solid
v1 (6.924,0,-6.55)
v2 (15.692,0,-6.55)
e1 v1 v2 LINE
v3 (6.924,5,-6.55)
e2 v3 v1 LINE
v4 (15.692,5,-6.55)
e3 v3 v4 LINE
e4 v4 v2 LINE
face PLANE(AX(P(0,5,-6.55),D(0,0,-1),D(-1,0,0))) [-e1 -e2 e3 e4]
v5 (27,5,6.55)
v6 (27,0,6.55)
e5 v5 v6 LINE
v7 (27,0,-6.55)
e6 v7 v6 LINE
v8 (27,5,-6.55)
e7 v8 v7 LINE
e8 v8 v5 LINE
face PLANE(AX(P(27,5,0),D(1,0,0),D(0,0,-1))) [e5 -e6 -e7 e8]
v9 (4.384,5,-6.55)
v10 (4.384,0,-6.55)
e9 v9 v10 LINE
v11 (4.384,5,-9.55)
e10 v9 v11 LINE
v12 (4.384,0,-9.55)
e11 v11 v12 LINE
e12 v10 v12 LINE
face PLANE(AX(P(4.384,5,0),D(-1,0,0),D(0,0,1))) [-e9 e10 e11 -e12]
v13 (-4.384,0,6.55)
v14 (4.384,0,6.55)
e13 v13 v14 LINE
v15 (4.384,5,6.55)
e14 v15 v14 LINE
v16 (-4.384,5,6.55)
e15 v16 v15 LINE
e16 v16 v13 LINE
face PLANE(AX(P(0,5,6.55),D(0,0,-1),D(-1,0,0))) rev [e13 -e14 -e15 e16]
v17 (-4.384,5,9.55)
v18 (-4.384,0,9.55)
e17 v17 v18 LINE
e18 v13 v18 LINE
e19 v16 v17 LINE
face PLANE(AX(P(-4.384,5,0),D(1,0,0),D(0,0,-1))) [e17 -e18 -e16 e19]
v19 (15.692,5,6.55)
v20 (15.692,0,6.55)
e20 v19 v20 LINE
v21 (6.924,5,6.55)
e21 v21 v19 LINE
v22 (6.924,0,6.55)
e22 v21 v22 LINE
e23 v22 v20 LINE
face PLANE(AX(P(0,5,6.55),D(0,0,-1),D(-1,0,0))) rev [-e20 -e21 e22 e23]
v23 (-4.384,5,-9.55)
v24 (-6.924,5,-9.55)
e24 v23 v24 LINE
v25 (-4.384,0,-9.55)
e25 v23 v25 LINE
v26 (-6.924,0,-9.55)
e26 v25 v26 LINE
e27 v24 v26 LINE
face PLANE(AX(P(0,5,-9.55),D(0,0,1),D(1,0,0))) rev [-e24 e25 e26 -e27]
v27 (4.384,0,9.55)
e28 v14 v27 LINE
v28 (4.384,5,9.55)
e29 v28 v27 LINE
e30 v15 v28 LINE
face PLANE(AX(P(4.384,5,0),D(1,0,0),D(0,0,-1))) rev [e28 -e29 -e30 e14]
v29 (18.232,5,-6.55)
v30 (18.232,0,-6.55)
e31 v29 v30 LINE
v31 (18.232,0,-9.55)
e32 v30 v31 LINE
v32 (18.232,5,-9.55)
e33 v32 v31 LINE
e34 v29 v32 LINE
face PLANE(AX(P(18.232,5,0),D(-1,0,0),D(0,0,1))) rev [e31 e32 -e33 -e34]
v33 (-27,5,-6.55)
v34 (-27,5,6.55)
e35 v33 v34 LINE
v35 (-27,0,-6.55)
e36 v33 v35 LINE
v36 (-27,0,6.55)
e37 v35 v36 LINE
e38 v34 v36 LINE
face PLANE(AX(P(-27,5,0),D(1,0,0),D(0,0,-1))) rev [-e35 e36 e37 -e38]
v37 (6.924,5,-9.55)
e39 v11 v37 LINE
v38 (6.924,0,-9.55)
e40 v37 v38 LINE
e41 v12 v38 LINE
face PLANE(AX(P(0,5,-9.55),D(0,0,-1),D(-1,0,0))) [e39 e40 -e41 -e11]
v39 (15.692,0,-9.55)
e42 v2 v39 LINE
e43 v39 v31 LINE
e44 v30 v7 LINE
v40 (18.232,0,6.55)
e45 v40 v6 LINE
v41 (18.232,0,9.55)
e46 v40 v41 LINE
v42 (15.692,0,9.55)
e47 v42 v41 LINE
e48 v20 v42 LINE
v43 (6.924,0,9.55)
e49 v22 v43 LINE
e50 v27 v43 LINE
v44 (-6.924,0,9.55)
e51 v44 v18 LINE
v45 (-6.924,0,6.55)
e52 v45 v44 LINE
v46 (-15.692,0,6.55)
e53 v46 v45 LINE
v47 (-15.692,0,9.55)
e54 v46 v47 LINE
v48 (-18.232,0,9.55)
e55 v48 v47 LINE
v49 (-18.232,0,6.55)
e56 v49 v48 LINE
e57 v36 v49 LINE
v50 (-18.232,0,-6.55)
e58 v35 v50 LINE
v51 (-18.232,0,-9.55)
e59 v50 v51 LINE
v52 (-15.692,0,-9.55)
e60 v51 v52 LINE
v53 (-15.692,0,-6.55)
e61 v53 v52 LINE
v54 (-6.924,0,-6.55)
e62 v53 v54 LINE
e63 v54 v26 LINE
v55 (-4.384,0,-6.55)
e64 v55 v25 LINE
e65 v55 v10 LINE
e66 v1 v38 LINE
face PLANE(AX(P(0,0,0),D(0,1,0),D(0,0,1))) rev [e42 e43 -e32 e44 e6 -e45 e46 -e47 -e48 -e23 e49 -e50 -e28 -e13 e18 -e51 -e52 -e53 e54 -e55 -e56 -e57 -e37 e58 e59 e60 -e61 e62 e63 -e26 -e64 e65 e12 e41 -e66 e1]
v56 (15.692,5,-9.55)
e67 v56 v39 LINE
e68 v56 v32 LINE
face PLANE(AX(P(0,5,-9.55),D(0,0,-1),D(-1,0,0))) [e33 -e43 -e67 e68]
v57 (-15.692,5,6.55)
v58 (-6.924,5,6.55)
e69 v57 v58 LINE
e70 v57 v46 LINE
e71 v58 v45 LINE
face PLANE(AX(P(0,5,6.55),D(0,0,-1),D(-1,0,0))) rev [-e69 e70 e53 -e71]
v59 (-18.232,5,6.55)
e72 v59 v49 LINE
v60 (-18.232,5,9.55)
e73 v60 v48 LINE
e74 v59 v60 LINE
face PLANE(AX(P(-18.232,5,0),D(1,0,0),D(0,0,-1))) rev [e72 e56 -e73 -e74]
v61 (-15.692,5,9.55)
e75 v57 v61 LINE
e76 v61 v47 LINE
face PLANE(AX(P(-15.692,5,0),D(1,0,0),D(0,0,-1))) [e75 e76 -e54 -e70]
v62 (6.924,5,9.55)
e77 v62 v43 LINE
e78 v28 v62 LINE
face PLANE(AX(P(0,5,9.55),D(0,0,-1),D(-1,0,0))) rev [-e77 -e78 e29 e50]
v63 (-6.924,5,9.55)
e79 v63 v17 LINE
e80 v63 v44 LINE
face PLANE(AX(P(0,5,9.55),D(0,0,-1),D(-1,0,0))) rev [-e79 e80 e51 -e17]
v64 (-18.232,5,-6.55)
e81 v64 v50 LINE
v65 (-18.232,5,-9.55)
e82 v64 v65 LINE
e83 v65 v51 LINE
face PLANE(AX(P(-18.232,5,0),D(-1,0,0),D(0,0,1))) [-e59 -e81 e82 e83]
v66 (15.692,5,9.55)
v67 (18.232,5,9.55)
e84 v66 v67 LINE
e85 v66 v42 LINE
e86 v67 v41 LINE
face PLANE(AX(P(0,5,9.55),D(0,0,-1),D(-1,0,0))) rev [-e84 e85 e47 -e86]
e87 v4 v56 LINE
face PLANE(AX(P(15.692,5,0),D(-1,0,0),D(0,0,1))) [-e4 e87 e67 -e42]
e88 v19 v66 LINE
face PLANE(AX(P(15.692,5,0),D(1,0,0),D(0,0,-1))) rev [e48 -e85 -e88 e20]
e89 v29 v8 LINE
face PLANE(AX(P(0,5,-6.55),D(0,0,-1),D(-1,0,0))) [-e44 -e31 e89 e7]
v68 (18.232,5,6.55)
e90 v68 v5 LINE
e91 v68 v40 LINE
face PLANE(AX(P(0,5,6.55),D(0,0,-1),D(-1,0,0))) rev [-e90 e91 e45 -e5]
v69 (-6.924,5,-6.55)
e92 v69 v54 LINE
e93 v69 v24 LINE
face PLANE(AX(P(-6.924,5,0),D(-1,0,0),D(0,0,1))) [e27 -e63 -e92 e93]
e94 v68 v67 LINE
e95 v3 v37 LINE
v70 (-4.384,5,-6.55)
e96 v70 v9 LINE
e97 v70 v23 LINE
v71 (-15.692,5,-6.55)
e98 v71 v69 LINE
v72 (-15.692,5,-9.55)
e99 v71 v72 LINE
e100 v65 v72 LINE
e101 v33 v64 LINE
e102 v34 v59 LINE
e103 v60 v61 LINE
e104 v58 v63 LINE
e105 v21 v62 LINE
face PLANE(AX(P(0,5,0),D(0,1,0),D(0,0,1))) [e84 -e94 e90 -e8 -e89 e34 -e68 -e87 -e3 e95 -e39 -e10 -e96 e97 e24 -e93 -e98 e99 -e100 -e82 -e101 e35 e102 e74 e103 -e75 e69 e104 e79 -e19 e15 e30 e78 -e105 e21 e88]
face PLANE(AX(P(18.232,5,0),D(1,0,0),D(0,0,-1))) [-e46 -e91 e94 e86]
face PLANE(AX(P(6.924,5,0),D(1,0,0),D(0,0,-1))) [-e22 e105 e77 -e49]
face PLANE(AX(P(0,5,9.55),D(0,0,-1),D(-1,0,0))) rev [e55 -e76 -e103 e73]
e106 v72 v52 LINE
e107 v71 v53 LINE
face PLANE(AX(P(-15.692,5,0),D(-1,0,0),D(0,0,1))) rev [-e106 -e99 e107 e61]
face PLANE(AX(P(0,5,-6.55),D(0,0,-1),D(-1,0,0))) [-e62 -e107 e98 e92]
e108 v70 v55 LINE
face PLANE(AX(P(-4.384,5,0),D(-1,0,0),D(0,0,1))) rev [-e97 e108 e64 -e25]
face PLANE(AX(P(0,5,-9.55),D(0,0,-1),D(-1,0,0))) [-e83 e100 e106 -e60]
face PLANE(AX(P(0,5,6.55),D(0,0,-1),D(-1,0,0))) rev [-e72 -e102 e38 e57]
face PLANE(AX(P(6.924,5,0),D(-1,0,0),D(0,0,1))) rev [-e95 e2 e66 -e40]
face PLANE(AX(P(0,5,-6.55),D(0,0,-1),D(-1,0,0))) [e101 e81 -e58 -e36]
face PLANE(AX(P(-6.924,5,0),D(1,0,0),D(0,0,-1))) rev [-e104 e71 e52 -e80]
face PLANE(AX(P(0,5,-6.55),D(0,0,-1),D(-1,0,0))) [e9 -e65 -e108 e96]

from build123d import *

# Parameters (mm, degrees)
SKETCH1_W           = 54
SKETCH1_H           = 13.1
SKETCH1_W_2         = 2.54
SKETCH1_H_2         = 3
BOSS_EXTRUDE1_DEPTH = 5


with BuildPart() as part:
    # Sketch1 → Boss-Extrude1 (new body)
    with BuildSketch(Plane(origin=(0, 0, 0), x_dir=(1, 0, 0), z_dir=(0, 1, 0))):
        Rectangle(SKETCH1_W, SKETCH1_H)
        with Locations((-16.962, -8.05)):
            Rectangle(SKETCH1_W_2, SKETCH1_H_2)
        with Locations((-5.654, -8.05)):
            Rectangle(SKETCH1_W_2, SKETCH1_H_2)
        with Locations((5.654, -8.05)):
            Rectangle(SKETCH1_W_2, SKETCH1_H_2)
        with Locations((16.962, -8.05)):
            Rectangle(SKETCH1_W_2, SKETCH1_H_2)
        with Locations((16.962, 8.05)):
            Rectangle(SKETCH1_W_2, SKETCH1_H_2)
        with Locations((5.654, 8.05)):
            Rectangle(SKETCH1_W_2, SKETCH1_H_2)
        with Locations((-5.654, 8.05)):
            Rectangle(SKETCH1_W_2, SKETCH1_H_2)
        with Locations((-16.962, 8.05)):
            Rectangle(SKETCH1_W_2, SKETCH1_H_2)
    extrude(amount=BOSS_EXTRUDE1_DEPTH)


solid = part.part
